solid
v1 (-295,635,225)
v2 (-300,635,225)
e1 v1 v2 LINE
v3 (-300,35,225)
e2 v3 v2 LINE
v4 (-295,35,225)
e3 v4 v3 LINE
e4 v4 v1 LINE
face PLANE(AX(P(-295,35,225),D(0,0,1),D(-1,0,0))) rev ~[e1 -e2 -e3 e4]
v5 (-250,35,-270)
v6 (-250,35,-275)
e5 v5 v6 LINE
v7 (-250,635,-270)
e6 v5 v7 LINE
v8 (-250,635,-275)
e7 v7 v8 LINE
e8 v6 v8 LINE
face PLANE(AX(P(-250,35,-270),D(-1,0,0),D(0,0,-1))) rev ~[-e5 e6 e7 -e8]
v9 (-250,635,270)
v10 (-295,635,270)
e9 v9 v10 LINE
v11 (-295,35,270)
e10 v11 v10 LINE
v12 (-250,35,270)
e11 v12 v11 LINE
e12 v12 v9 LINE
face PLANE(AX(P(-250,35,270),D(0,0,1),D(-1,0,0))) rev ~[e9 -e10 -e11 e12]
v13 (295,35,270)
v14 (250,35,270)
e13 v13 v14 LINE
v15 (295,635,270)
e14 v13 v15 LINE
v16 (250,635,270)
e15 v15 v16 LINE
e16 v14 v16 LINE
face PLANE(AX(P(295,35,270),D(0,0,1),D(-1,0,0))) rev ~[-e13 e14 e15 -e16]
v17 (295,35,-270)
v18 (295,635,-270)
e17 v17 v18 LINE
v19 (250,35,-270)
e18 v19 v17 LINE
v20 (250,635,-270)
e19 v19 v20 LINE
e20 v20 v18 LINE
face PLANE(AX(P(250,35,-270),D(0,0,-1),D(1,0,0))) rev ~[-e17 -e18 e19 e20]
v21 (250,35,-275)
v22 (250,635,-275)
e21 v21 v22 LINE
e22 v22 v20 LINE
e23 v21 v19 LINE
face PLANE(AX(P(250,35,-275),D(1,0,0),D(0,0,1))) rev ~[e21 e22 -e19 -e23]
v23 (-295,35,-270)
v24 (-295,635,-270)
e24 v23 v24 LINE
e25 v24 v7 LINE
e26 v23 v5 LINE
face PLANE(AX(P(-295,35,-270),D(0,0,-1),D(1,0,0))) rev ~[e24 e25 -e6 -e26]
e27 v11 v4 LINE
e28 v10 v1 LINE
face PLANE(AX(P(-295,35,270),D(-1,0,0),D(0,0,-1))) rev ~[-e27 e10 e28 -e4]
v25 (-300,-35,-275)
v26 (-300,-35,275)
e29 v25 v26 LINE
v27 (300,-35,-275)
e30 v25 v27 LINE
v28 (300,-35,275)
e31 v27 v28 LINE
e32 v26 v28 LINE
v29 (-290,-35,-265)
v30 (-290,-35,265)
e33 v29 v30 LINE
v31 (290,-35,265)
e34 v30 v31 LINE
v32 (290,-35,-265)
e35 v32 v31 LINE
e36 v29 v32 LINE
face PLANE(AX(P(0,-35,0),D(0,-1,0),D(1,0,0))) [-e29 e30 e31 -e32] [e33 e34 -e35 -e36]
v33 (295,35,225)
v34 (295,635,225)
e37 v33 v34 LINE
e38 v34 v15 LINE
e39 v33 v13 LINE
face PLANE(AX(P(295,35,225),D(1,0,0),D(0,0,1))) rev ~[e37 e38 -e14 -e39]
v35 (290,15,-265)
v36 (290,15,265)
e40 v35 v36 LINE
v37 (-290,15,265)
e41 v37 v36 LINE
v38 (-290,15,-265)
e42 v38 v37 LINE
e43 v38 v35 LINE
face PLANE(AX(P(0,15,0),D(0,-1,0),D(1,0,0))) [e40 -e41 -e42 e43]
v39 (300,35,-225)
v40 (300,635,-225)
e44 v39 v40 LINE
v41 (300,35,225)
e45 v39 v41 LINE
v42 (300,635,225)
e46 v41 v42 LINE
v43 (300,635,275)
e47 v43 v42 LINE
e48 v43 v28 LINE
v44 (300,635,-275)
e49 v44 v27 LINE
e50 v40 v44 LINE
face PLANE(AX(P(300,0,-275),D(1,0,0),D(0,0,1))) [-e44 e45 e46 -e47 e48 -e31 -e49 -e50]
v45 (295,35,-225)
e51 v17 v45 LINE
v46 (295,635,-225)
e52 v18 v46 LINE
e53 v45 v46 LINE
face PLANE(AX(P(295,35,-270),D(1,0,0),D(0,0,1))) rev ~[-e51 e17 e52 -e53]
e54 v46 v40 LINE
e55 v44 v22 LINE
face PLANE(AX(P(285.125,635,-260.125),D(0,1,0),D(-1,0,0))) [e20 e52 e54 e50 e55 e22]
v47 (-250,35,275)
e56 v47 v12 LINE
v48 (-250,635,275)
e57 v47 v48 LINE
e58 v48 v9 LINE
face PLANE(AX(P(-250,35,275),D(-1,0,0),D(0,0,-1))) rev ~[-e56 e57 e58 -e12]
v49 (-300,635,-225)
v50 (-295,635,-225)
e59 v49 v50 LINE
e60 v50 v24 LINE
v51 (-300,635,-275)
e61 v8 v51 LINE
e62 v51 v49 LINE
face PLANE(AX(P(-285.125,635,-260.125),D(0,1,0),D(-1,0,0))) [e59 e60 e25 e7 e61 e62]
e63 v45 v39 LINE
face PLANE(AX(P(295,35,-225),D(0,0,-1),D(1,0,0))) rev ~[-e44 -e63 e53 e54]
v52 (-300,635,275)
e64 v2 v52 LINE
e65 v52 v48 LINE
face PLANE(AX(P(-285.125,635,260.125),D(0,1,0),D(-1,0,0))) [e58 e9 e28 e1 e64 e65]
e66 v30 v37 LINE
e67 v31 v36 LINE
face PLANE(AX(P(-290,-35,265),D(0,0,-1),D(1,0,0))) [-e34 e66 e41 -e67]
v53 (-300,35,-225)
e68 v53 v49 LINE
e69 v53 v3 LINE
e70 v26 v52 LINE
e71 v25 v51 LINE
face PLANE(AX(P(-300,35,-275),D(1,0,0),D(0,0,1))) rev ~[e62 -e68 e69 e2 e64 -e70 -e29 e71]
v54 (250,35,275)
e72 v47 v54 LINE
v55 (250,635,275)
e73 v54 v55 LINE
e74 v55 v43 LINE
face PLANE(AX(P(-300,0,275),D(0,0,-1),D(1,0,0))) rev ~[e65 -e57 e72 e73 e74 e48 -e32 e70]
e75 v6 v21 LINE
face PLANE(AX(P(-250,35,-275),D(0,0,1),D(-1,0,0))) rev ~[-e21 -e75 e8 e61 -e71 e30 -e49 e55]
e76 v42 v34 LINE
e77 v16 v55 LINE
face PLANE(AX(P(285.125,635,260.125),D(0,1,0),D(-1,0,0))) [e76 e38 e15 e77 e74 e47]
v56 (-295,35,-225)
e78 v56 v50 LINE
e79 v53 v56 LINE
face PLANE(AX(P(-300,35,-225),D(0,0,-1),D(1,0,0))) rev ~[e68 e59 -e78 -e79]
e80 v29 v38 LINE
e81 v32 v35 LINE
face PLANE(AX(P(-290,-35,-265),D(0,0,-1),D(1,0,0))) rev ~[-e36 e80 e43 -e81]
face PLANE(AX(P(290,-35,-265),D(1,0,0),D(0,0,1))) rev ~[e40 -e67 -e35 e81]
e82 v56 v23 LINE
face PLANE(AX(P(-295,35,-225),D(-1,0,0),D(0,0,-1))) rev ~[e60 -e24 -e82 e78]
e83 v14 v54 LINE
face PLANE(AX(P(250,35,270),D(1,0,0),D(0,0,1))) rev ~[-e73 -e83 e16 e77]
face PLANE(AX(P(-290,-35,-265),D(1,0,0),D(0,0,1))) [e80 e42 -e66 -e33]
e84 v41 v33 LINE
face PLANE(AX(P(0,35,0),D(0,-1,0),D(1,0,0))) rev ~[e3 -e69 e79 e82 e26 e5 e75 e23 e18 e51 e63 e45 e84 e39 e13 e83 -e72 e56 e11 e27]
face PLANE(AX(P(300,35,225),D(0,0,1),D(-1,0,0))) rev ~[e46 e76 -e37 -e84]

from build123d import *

# Parameters (mm, degrees)
F0_W     = 600
F0_H     = 550
F1_DEPTH = 35
F3_DEPTH = 600
F4_W     = 580
F4_H     = 530
F5_DEPTH = 50


with BuildPart() as f1:
    # F0 (on Front) → F1 (new body, symmetric)
    with BuildSketch(Plane.XZ):
        Rectangle(F0_W, F0_H)
    extrude(amount=F1_DEPTH, both=True)

    # F2 (on face) → F3 (join)
    with BuildSketch(Plane(origin=(0, 35, 0), x_dir=(-1, 0, 0), z_dir=(0, 1, 0))):
        Polygon((250, -275), (300, -275), (300, -225), (295, -225), (295, -270), (250, -270), align=None)
        Polygon((-300, -275), (-250, -275), (-250, -270), (-295, -270), (-295, -225), (-300, -225), align=None)
        Polygon((-250, 270), (-250, 275), (-300, 275), (-300, 225), (-295, 225), (-295, 270), align=None)
        Polygon((295, 225), (300, 225), (300, 275), (250, 275), (250, 270), (295, 270), align=None)
    extrude(amount=F3_DEPTH)

    # F4 (on face) → F5 (cut)
    with BuildSketch(Plane.XZ.offset(35)):
        Rectangle(F4_W, F4_H)
    extrude(amount=-F5_DEPTH, mode=Mode.SUBTRACT)


solid = f1.part
